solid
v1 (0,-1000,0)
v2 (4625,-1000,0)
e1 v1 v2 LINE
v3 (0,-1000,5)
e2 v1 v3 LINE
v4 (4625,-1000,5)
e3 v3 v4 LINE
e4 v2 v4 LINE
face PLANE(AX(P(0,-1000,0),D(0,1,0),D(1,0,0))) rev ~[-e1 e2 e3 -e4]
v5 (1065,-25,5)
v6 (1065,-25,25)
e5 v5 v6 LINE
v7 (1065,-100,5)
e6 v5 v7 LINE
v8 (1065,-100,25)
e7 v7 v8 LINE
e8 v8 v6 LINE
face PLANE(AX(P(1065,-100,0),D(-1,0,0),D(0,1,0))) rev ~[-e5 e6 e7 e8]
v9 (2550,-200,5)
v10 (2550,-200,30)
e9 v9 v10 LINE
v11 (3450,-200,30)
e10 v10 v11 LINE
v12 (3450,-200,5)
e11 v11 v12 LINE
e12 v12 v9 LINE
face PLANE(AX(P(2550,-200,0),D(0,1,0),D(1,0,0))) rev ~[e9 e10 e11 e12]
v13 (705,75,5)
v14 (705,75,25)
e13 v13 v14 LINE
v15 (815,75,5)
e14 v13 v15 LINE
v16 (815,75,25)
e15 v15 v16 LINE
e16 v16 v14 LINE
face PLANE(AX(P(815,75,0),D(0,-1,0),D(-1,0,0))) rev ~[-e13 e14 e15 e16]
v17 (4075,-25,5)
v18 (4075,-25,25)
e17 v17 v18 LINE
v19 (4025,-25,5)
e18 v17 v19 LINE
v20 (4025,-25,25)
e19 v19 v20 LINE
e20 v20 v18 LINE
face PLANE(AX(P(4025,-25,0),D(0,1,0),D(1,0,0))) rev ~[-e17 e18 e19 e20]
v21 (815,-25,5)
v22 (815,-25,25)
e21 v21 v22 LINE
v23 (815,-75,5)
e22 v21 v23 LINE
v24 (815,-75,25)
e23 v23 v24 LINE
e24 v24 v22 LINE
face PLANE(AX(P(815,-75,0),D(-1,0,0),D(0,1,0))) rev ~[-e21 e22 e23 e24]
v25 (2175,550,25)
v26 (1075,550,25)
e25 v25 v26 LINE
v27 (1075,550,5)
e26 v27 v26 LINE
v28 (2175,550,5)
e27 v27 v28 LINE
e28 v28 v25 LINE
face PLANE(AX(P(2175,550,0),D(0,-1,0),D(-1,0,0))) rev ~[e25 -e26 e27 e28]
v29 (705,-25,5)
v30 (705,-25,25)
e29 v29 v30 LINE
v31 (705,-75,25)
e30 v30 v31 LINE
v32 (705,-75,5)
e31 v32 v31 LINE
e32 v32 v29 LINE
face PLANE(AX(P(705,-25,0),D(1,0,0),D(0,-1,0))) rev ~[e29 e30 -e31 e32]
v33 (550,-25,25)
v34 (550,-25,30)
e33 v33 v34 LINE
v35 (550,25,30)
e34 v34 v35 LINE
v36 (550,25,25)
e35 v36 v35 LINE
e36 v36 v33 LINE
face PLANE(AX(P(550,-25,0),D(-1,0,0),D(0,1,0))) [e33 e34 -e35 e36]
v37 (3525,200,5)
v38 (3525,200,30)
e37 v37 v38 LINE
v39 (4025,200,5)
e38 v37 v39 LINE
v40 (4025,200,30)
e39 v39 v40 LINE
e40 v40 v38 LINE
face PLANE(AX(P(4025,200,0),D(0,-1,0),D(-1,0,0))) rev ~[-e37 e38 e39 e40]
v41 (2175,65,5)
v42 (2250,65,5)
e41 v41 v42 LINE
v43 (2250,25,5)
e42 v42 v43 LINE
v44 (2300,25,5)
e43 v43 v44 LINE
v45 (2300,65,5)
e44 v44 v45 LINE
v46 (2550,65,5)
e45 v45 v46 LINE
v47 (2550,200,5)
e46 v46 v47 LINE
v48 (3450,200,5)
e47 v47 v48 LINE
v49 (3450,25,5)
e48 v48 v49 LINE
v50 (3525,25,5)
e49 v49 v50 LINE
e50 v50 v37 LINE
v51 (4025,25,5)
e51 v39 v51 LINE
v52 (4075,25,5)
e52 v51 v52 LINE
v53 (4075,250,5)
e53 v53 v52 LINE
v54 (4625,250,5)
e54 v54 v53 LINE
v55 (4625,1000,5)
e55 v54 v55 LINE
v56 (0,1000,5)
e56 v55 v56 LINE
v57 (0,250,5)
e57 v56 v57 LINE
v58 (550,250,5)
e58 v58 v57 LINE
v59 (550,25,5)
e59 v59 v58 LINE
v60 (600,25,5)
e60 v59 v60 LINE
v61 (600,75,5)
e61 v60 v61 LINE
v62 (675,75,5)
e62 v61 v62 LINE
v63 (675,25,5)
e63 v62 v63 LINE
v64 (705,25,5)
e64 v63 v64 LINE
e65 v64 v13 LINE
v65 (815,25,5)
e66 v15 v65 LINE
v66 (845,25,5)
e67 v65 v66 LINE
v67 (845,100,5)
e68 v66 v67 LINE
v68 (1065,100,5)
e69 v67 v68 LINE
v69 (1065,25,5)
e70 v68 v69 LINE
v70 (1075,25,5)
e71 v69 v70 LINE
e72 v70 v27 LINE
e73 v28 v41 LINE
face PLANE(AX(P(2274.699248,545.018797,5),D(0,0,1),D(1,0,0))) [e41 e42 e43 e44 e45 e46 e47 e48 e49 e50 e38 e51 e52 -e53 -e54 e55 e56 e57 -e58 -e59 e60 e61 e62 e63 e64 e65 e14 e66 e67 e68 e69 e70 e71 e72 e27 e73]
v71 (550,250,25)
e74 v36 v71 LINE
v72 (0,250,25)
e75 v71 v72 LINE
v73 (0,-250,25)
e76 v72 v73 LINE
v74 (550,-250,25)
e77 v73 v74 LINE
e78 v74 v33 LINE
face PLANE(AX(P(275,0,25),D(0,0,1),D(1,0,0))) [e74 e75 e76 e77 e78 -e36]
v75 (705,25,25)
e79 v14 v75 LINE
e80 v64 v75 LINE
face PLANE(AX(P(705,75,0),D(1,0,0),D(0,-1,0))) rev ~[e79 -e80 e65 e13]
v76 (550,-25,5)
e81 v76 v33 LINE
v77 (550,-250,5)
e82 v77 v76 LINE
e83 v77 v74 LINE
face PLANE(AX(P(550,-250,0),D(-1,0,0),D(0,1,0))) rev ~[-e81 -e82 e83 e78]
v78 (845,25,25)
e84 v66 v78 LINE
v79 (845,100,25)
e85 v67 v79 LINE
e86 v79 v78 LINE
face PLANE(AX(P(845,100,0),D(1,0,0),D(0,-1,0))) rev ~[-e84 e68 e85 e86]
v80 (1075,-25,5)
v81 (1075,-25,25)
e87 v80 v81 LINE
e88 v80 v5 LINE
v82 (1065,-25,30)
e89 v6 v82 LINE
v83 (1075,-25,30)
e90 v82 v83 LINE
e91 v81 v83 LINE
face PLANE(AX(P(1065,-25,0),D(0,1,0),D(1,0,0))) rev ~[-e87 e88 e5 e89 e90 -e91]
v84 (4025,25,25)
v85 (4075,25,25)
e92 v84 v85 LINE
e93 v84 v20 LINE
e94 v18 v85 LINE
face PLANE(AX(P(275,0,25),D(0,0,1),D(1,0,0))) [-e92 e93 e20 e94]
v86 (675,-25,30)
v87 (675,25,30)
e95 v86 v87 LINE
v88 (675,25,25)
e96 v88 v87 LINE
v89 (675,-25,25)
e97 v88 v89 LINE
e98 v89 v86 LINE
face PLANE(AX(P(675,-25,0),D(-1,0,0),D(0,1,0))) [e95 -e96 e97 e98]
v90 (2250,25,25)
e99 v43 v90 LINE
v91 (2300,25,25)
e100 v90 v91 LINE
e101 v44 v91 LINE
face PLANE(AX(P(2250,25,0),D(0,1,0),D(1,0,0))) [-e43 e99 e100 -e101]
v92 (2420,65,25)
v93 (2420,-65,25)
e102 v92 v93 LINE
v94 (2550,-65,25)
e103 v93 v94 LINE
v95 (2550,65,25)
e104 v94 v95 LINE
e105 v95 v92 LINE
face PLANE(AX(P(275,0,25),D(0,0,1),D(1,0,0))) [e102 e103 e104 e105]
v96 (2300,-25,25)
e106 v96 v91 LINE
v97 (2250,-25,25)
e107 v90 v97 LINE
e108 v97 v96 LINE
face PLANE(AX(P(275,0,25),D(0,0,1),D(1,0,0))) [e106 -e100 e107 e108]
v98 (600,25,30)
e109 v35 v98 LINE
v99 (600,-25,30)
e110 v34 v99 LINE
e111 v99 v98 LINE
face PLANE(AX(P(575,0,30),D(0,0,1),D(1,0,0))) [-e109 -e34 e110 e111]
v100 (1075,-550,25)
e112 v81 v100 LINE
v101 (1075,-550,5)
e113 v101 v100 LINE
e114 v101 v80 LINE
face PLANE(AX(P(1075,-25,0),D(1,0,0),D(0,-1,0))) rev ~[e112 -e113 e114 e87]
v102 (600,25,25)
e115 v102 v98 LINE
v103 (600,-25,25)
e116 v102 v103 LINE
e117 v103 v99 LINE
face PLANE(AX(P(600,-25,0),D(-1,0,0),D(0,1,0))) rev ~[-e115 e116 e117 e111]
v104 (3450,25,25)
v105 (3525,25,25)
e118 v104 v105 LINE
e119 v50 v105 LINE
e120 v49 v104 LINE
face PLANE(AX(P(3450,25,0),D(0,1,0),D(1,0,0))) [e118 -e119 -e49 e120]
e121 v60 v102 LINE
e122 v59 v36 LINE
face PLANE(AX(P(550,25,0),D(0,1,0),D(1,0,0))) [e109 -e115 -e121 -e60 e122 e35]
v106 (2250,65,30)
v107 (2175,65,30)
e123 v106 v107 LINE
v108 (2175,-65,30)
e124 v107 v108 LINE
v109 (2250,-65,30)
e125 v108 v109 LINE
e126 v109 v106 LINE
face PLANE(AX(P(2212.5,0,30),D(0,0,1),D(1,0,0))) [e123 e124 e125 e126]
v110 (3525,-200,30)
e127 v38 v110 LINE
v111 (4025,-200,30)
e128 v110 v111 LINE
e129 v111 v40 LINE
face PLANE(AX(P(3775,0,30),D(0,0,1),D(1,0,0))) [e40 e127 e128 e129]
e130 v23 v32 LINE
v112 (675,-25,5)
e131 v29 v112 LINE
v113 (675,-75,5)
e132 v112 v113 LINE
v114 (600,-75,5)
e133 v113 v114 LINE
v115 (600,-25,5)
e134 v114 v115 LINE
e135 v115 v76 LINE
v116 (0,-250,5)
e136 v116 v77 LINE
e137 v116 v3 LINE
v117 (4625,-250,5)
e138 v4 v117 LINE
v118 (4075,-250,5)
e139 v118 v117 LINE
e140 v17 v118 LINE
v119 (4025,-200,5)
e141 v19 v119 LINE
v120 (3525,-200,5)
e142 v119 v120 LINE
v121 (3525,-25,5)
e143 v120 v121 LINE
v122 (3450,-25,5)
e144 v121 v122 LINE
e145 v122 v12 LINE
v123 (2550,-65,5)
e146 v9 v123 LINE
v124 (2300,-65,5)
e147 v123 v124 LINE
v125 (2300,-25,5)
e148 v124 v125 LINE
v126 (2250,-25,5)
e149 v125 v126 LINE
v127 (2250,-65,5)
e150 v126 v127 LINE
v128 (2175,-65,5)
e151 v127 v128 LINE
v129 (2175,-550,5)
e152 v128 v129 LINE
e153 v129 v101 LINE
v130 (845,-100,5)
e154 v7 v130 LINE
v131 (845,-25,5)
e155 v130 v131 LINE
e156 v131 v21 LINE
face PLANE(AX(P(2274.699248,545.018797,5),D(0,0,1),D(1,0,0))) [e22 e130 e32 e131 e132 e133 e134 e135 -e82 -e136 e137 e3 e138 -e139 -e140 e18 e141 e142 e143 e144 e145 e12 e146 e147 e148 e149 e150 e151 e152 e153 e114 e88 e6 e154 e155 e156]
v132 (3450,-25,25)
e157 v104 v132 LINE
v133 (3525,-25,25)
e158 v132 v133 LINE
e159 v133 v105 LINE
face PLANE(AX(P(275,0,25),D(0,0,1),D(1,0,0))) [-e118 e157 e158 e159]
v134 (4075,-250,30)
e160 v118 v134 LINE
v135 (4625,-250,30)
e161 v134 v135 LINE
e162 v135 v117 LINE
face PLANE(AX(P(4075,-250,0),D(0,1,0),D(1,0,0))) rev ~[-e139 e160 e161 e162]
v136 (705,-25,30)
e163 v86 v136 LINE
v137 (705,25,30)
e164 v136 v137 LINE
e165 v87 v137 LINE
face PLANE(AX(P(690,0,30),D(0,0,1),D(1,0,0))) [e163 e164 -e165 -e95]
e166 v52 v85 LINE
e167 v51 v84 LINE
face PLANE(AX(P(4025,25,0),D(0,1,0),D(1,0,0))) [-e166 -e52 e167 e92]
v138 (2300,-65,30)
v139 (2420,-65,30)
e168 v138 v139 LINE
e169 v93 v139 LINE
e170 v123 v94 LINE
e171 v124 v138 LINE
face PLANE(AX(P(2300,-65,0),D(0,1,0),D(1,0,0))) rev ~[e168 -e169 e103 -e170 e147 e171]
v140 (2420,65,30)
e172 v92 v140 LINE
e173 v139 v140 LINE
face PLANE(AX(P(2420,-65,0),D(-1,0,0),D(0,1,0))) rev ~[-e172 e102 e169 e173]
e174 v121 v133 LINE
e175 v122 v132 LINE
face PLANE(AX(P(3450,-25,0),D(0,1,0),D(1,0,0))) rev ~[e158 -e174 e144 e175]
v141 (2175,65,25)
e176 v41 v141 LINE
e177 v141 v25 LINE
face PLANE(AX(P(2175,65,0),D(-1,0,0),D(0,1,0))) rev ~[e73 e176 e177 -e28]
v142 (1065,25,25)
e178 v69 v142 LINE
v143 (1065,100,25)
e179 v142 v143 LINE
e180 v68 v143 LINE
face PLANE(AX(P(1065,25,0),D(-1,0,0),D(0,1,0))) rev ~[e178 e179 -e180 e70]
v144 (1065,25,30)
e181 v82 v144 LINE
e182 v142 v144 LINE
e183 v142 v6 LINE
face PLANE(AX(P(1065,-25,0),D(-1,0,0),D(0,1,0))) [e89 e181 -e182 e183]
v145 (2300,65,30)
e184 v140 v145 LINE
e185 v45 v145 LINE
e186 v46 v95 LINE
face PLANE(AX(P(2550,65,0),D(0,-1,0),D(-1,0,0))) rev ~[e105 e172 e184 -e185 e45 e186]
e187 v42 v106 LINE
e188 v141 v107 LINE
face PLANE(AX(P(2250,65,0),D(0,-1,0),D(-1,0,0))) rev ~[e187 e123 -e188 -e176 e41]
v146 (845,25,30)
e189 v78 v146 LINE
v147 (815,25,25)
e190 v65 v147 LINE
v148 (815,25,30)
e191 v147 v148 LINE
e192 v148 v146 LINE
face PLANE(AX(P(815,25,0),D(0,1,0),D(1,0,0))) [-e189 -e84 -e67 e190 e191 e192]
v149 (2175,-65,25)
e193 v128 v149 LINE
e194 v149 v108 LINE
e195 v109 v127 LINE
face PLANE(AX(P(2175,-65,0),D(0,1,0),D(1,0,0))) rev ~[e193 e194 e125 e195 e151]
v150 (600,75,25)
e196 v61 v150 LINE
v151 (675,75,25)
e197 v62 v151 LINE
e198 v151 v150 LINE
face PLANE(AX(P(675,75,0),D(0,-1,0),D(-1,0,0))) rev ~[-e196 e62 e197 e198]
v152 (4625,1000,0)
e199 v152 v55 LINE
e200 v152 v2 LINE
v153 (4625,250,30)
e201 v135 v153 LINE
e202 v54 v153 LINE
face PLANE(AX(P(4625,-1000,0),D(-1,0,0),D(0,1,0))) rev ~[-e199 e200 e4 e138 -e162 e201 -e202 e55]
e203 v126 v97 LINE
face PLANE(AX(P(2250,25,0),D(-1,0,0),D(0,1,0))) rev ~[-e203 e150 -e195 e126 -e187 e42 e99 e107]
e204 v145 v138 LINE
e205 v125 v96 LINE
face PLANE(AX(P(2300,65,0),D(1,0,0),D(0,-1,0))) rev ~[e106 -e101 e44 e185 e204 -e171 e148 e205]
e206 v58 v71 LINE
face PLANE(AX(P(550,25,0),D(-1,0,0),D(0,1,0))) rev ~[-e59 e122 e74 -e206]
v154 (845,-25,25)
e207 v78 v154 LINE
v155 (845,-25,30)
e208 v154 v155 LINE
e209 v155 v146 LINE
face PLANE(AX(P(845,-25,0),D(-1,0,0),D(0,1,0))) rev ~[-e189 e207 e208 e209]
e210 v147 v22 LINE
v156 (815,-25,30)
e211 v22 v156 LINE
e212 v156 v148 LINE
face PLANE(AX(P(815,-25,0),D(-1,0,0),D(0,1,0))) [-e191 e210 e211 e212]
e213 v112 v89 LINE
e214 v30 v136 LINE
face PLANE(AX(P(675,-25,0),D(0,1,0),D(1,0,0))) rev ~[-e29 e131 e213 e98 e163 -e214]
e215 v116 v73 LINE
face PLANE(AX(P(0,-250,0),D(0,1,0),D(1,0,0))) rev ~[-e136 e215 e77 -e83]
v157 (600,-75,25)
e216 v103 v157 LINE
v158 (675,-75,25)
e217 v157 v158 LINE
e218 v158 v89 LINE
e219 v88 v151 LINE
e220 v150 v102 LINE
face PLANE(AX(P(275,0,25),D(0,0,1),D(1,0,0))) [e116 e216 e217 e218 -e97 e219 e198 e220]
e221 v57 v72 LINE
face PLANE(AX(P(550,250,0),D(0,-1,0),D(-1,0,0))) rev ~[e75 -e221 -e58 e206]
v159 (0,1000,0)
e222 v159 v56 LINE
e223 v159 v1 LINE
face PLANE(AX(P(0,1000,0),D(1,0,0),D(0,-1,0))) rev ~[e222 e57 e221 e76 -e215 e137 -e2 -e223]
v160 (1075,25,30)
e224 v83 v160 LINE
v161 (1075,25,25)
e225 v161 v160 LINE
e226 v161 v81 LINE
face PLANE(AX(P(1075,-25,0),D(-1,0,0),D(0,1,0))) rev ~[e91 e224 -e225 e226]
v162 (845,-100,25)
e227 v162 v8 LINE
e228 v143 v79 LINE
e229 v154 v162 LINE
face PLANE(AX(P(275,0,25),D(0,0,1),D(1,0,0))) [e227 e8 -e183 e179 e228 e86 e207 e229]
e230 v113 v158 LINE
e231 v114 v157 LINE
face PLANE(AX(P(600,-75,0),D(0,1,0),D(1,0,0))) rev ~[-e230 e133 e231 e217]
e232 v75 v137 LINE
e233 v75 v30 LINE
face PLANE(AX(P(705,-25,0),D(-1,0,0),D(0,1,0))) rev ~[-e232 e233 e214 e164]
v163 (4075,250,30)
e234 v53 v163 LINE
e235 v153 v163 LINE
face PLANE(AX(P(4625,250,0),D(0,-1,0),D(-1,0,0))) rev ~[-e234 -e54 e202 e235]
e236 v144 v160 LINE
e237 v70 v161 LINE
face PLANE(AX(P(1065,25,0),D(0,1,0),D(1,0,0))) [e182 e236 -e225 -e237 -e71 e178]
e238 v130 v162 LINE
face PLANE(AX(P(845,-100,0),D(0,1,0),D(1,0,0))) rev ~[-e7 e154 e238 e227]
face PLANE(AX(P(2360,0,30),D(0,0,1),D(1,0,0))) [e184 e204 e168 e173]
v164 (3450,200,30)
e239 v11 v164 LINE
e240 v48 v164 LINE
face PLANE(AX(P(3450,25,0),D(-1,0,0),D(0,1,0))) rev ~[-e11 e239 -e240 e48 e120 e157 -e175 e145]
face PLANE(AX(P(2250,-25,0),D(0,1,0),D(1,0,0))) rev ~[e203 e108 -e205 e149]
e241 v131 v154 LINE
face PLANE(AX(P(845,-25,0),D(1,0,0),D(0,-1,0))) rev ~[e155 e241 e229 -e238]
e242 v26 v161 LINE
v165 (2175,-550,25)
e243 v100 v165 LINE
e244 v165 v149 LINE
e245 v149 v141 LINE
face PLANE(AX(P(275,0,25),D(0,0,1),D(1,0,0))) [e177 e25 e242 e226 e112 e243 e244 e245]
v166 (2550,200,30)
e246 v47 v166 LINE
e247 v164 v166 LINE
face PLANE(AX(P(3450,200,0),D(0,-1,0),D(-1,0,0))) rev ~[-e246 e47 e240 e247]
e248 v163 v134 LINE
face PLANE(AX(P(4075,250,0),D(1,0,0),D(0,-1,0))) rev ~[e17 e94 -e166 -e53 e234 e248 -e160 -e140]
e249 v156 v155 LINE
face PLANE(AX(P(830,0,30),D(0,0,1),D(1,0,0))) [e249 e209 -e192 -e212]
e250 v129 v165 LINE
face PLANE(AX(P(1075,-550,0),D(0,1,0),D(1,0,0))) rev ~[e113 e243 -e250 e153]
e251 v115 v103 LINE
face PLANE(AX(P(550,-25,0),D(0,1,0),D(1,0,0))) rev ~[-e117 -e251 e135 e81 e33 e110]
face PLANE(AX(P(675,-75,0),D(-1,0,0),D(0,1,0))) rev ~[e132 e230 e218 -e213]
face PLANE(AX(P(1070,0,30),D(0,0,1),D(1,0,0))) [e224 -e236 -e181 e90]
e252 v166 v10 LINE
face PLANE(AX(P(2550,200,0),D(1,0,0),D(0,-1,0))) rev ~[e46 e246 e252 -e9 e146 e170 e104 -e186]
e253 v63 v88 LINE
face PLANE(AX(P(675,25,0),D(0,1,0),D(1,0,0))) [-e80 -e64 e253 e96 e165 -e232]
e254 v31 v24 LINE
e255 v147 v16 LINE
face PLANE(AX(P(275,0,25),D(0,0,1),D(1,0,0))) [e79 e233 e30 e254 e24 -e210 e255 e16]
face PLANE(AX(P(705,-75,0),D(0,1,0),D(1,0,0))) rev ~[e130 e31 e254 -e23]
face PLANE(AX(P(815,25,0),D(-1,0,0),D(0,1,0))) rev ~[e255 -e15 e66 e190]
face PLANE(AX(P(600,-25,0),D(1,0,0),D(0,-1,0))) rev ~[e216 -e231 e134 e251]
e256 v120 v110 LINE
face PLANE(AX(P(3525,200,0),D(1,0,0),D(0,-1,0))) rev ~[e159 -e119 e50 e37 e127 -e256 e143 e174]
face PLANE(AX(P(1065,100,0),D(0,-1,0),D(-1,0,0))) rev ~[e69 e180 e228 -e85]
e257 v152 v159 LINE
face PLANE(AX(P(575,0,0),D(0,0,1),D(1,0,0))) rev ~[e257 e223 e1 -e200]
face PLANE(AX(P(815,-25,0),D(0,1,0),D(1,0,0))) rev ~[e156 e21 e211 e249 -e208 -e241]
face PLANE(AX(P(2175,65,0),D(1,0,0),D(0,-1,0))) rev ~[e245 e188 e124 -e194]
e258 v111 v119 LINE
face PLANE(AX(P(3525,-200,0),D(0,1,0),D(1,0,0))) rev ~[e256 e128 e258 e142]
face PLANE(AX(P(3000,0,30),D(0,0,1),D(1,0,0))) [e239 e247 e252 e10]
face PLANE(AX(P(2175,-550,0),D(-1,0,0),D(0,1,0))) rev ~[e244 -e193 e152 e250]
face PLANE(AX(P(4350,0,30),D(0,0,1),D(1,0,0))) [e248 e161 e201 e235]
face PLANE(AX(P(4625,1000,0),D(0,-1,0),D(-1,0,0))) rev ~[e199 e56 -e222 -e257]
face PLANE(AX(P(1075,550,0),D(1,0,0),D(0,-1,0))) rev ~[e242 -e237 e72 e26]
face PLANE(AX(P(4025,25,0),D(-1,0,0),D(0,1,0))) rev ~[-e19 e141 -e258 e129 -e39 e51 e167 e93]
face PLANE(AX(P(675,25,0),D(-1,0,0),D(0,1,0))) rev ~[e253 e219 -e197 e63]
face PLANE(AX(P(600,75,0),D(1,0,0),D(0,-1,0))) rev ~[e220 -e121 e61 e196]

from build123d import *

# Parameters (mm, degrees)
F0_W     = 50
F0_H     = 50
F0_W_2   = 30
F0_W_3   = 10
F0_W_4   = 130
F0_H_2   = 130
F0_W_5   = 75
F1_DEPTH = 25
F2_DEPTH = 5
F3_DEPTH = 30


with BuildPart() as f1:
    # F0 (on Top) → F1 (new body)
    with BuildSketch(Plane.XY):
        Polygon((550, 250), (0, 250), (0, -250), (550, -250), (550, -25), (550, 25), align=None)
        with Locations((575, 0)):
            Rectangle(F0_W, F0_H)
        Polygon((600, 75), (600, 25), (600, -25), (600, -75), (675, -75), (675, -25), (675, 25), (675, 75), align=None)
        with Locations((690, 0)):
            Rectangle(F0_W_2, F0_H)
        Polygon((705, 75), (705, 25), (705, -25), (705, -75), (815, -75), (815, -25), (815, 25), (815, 75), align=None)
        with Locations((830, 0)):
            Rectangle(F0_W_2, F0_H)
        Polygon((845, 100), (845, 25), (845, -25), (845, -100), (1065, -100), (1065, -25), (1065, 25), (1065, 100), align=None)
        with Locations((1070, 0)):
            Rectangle(F0_W_3, F0_H)
        Polygon((1075, 550), (1075, 25), (1075, -25), (1075, -550), (2175, -550), (2175, -65), (2175, 65), (2175, 550), align=None)
        Polygon((2250, -25), (2250, 25), (2250, 65), (2175, 65), (2175, -65), (2250, -65), align=None)
        with Locations((2275, 0)):
            Rectangle(F0_W, F0_H)
        Polygon((2420, -65), (2420, 65), (2300, 65), (2300, 25), (2300, -25), (2300, -65), align=None)
        with Locations((2485, 0)):
            Rectangle(F0_W_4, F0_H_2)
        Polygon((3450, -25), (3450, 25), (3450, 200), (2550, 200), (2550, 65), (2550, -65), (2550, -200), (3450, -200), align=None)
        with Locations((3487.5, 0)):
            Rectangle(F0_W_5, F0_H)
        Polygon((4025, -25), (4025, 25), (4025, 200), (3525, 200), (3525, 25), (3525, -25), (3525, -200), (4025, -200), align=None)
        with Locations((4050, 0)):
            Rectangle(F0_W, F0_H)
        Polygon((4625, -250), (4625, 250), (4075, 250), (4075, 25), (4075, -25), (4075, -250), align=None)
    extrude(amount=F1_DEPTH)

    # F0 (on Top) → F2 (join)
    with BuildSketch(Plane.XY):
        Polygon((4625, 1000), (0, 1000), (0, 250), (550, 250), (550, 25), (600, 25), (600, 75), (675, 75), (675, 25), (705, 25), (705, 75), (815, 75), (815, 25), (845, 25), (845, 100), (1065, 100), (1065, 25), (1075, 25), (1075, 550), (2175, 550), (2175, 65), (2250, 65), (2250, 25), (2300, 25), (2300, 65), (2420, 65), (2550, 65), (2550, 200), (3450, 200), (3450, 25), (3525, 25), (3525, 200), (4025, 200), (4025, 25), (4075, 25), (4075, 250), (4625, 250), align=None)
        Polygon((550, 250), (0, 250), (0, -250), (550, -250), (550, -25), (550, 25), align=None)
        Polygon((4625, -250), (4625, 250), (4075, 250), (4075, 25), (4075, -25), (4075, -250), align=None)
        Polygon((550, -250), (0, -250), (0, -1000), (4625, -1000), (4625, -250), (4075, -250), (4075, -25), (4025, -25), (4025, -200), (3525, -200), (3525, -25), (3450, -25), (3450, -200), (2550, -200), (2550, -65), (2420, -65), (2300, -65), (2300, -25), (2250, -25), (2250, -65), (2175, -65), (2175, -550), (1075, -550), (1075, -25), (1065, -25), (1065, -100), (845, -100), (845, -25), (815, -25), (815, -75), (705, -75), (705, -25), (675, -25), (675, -75), (600, -75), (600, -25), (550, -25), align=None)
    extrude(amount=F2_DEPTH)

    # F0 (on Top) → F3 (join)
    with BuildSketch(Plane.XY):
        with Locations((575, 0)):
            Rectangle(F0_W, F0_H)
        with Locations((690, 0)):
            Rectangle(F0_W_2, F0_H)
        with Locations((830, 0)):
            Rectangle(F0_W_2, F0_H)
        with Locations((1070, 0)):
            Rectangle(F0_W_3, F0_H)
        Polygon((2250, -25), (2250, 25), (2250, 65), (2175, 65), (2175, -65), (2250, -65), align=None)
        Polygon((2420, -65), (2420, 65), (2300, 65), (2300, 25), (2300, -25), (2300, -65), align=None)
        Polygon((3450, -25), (3450, 25), (3450, 200), (2550, 200), (2550, 65), (2550, -65), (2550, -200), (3450, -200), align=None)
        Polygon((4025, -25), (4025, 25), (4025, 200), (3525, 200), (3525, 25), (3525, -25), (3525, -200), (4025, -200), align=None)
        Polygon((4625, -250), (4625, 250), (4075, 250), (4075, 25), (4075, -25), (4075, -250), align=None)
    extrude(amount=F3_DEPTH)


solid = f1.part
